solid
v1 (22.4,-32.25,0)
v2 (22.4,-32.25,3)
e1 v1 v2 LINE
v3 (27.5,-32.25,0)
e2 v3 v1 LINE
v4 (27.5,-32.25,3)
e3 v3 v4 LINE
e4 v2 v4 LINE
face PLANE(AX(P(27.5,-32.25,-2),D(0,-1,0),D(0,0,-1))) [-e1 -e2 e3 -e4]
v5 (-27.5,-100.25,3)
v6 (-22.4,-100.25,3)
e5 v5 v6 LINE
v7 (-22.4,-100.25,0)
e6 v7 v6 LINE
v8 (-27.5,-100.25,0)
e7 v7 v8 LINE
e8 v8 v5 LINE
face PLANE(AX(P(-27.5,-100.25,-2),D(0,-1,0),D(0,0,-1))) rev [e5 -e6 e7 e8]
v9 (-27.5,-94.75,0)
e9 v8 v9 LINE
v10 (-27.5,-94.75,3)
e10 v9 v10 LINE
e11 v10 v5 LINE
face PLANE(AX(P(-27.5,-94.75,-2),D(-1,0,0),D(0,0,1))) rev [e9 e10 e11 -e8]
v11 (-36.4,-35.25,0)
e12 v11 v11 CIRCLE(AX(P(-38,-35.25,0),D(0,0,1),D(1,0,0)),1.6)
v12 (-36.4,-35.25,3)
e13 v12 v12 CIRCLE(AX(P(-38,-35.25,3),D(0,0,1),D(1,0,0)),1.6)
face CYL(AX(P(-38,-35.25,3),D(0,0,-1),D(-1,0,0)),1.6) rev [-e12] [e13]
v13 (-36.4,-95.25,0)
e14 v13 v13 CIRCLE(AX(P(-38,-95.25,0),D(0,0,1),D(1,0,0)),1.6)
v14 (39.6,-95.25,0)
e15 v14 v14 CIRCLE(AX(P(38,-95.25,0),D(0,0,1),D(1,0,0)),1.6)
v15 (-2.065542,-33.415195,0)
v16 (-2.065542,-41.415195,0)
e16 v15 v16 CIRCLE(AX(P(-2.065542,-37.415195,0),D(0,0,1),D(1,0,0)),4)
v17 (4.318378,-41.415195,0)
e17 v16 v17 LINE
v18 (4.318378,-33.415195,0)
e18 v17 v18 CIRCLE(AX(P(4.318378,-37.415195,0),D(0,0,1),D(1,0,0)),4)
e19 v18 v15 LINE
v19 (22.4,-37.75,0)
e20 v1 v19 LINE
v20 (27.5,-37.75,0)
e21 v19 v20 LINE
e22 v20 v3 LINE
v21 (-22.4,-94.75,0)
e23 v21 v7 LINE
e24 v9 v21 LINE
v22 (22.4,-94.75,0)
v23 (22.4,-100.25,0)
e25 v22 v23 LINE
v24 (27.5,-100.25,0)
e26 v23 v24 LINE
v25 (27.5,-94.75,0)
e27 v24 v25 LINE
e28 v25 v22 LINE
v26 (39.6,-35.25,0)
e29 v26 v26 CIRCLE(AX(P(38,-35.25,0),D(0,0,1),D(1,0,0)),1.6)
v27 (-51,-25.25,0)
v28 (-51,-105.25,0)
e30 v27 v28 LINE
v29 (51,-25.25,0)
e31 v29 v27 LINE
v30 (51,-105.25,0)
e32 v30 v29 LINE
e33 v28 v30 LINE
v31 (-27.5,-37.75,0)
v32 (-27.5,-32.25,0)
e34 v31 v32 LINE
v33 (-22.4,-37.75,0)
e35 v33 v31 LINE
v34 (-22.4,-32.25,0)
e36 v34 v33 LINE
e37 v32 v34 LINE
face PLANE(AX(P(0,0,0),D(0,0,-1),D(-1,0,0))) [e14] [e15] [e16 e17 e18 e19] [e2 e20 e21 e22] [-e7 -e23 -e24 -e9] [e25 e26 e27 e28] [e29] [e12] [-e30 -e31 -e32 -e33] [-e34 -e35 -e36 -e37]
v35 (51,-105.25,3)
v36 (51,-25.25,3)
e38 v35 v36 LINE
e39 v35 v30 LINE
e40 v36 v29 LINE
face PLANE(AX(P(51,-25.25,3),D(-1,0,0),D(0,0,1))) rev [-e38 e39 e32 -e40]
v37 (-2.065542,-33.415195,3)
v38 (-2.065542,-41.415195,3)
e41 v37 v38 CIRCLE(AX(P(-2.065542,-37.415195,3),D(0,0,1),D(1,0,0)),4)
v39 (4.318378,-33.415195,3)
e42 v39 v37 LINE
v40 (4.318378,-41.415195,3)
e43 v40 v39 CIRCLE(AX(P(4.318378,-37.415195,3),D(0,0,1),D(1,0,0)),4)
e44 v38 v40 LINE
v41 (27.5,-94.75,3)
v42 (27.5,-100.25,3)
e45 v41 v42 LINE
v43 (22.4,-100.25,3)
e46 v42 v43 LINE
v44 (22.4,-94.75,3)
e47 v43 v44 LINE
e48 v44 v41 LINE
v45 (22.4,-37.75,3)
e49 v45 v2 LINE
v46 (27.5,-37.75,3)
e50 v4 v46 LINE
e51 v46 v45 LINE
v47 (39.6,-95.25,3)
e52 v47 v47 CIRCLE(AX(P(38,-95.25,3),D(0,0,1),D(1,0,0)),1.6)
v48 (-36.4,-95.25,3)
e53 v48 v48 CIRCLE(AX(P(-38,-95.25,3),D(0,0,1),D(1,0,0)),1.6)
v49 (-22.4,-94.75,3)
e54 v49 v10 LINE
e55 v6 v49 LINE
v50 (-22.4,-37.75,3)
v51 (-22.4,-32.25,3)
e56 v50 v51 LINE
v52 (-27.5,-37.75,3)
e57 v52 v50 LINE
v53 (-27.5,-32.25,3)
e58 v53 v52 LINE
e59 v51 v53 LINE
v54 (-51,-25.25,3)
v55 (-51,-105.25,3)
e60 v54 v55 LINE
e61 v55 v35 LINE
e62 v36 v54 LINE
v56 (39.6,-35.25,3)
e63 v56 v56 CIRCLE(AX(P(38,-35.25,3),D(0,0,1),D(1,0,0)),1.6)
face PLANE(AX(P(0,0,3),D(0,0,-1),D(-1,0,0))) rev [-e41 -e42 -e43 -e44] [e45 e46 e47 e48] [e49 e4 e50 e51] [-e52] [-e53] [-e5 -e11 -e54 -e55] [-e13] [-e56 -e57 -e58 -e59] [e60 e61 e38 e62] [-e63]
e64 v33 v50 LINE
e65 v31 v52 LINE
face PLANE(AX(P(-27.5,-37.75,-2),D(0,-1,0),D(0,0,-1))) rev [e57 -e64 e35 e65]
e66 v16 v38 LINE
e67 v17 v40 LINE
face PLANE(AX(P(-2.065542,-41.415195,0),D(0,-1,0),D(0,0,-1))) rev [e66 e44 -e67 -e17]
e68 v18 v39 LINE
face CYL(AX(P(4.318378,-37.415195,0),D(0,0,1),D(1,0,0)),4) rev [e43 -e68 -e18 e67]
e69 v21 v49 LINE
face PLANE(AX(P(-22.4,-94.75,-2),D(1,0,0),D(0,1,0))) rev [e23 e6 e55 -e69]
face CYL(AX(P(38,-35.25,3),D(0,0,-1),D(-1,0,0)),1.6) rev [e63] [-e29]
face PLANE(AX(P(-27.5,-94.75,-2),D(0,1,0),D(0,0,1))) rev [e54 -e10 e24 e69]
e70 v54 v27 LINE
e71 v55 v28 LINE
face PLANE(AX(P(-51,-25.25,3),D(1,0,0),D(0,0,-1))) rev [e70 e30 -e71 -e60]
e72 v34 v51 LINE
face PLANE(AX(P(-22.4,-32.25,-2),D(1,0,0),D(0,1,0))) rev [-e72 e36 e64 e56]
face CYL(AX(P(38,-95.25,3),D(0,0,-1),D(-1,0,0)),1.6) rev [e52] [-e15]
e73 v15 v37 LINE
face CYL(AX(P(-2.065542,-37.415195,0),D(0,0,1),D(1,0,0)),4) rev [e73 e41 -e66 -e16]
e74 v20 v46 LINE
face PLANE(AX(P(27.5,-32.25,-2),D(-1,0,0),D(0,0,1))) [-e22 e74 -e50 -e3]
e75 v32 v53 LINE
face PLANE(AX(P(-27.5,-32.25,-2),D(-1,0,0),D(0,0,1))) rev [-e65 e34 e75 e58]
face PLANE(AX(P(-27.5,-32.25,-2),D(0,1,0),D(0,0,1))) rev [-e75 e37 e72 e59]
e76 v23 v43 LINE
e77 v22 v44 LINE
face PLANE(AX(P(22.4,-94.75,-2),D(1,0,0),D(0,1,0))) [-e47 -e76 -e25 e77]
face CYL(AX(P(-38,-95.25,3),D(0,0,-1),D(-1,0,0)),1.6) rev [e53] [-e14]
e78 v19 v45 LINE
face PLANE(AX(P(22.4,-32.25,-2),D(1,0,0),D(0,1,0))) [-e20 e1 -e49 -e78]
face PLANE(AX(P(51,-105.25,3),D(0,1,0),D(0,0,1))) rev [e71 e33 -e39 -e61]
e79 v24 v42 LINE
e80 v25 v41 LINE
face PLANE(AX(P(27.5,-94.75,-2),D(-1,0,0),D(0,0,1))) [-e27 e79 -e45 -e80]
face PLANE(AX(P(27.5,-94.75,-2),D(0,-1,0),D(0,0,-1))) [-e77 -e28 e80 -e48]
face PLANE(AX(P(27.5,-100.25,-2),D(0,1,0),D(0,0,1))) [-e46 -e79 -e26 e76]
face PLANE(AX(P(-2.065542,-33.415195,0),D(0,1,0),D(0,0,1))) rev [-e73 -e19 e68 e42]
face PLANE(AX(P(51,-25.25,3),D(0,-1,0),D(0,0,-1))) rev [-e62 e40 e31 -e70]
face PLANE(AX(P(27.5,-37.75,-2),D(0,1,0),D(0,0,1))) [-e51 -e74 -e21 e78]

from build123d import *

# Parameters (mm, degrees)
SKETCH_1_W                       = 102
SKETCH_1_H                       = 80
SKETCH_1_R                       = 1.6
EXTRUDE_1_DEPTH                  = 3
CUT_EXTRUDE_1_DEPTH              = 3
SKETCH_4_W                       = 5.1
SKETCH_4_H                       = 5.5
CUT_EXTRUDE_2_DEPTH              = 5
PATTERN_LINEAR_1_COUNT           = 2
PATTERN_LINEAR_1_PITCH           = 62.5
PATTERN_LINEAR_1_COPY_1_SKETCH_W = 5.1
PATTERN_LINEAR_1_COPY_1_SKETCH_H = 5.5
PATTERN_LINEAR_1_COPY_1_DEPTH    = 5


with BuildPart() as part:
    # 草图1 → 凸台-拉伸1 (new body)
    with BuildSketch(Plane.XY):
        with Locations((0, -65.25)):
            Rectangle(SKETCH_1_W, SKETCH_1_H)
        with Locations((-38, -35.25)):
            Circle(SKETCH_1_R, mode=Mode.SUBTRACT)
        with Locations((-38, -95.25)):
            Circle(SKETCH_1_R, mode=Mode.SUBTRACT)
        with Locations((38, -95.25)):
            Circle(SKETCH_1_R, mode=Mode.SUBTRACT)
        with Locations((38, -35.25)):
            Circle(SKETCH_1_R, mode=Mode.SUBTRACT)
    extrude(amount=EXTRUDE_1_DEPTH)

    # 草图3 → 切除-拉伸1 (cut)
    with BuildSketch(Plane.XY.offset(3)):
        with BuildLine():
            Line((-2.065542075, -33.415194888), (4.318378476, -33.415194888))
            ThreePointArc((4.318378476, -33.415194888), (8.318378476, -37.415194888), (4.318378476, -41.415194888))
            Line((4.318378476, -41.415194888), (-2.065542075, -41.415194888))
            ThreePointArc((-2.065542075, -41.415194888), (-6.065542075, -37.415194888), (-2.065542075, -33.415194888))
        make_face()
    extrude(amount=-CUT_EXTRUDE_1_DEPTH, mode=Mode.SUBTRACT)

    # 草图4 → 切除-拉伸2 (cut)
    with BuildSketch(Plane.XY.offset(3)):
        with Locations((-24.95, -97.5)):
            Rectangle(SKETCH_4_W, SKETCH_4_H)
    cut_extrude_2 = extrude(amount=-CUT_EXTRUDE_2_DEPTH, mode=Mode.SUBTRACT)

    # 镜向1: 切除-拉伸2 across plane
    add(cut_extrude_2.mirror(Plane.ZY), mode=Mode.SUBTRACT)

    # 阵列(线性)1: 切除-拉伸2 ×2
    with Locations(*[(0, i * PATTERN_LINEAR_1_PITCH, 0) for i in range(1, PATTERN_LINEAR_1_COUNT)]):
        add(cut_extrude_2, mode=Mode.SUBTRACT)

    # 阵列(线性)1 copy 1 sketch → 阵列(线性)1 copy 1 (cut)
    with BuildSketch(Plane(origin=(0, 62.5, 3), x_dir=(-1, 0, 0), z_dir=(0, 0, 1))):
        with Locations((-24.95, 97.5)):
            Rectangle(PATTERN_LINEAR_1_COPY_1_SKETCH_W, PATTERN_LINEAR_1_COPY_1_SKETCH_H)
    extrude(amount=-PATTERN_LINEAR_1_COPY_1_DEPTH, mode=Mode.SUBTRACT)


solid = part.part
